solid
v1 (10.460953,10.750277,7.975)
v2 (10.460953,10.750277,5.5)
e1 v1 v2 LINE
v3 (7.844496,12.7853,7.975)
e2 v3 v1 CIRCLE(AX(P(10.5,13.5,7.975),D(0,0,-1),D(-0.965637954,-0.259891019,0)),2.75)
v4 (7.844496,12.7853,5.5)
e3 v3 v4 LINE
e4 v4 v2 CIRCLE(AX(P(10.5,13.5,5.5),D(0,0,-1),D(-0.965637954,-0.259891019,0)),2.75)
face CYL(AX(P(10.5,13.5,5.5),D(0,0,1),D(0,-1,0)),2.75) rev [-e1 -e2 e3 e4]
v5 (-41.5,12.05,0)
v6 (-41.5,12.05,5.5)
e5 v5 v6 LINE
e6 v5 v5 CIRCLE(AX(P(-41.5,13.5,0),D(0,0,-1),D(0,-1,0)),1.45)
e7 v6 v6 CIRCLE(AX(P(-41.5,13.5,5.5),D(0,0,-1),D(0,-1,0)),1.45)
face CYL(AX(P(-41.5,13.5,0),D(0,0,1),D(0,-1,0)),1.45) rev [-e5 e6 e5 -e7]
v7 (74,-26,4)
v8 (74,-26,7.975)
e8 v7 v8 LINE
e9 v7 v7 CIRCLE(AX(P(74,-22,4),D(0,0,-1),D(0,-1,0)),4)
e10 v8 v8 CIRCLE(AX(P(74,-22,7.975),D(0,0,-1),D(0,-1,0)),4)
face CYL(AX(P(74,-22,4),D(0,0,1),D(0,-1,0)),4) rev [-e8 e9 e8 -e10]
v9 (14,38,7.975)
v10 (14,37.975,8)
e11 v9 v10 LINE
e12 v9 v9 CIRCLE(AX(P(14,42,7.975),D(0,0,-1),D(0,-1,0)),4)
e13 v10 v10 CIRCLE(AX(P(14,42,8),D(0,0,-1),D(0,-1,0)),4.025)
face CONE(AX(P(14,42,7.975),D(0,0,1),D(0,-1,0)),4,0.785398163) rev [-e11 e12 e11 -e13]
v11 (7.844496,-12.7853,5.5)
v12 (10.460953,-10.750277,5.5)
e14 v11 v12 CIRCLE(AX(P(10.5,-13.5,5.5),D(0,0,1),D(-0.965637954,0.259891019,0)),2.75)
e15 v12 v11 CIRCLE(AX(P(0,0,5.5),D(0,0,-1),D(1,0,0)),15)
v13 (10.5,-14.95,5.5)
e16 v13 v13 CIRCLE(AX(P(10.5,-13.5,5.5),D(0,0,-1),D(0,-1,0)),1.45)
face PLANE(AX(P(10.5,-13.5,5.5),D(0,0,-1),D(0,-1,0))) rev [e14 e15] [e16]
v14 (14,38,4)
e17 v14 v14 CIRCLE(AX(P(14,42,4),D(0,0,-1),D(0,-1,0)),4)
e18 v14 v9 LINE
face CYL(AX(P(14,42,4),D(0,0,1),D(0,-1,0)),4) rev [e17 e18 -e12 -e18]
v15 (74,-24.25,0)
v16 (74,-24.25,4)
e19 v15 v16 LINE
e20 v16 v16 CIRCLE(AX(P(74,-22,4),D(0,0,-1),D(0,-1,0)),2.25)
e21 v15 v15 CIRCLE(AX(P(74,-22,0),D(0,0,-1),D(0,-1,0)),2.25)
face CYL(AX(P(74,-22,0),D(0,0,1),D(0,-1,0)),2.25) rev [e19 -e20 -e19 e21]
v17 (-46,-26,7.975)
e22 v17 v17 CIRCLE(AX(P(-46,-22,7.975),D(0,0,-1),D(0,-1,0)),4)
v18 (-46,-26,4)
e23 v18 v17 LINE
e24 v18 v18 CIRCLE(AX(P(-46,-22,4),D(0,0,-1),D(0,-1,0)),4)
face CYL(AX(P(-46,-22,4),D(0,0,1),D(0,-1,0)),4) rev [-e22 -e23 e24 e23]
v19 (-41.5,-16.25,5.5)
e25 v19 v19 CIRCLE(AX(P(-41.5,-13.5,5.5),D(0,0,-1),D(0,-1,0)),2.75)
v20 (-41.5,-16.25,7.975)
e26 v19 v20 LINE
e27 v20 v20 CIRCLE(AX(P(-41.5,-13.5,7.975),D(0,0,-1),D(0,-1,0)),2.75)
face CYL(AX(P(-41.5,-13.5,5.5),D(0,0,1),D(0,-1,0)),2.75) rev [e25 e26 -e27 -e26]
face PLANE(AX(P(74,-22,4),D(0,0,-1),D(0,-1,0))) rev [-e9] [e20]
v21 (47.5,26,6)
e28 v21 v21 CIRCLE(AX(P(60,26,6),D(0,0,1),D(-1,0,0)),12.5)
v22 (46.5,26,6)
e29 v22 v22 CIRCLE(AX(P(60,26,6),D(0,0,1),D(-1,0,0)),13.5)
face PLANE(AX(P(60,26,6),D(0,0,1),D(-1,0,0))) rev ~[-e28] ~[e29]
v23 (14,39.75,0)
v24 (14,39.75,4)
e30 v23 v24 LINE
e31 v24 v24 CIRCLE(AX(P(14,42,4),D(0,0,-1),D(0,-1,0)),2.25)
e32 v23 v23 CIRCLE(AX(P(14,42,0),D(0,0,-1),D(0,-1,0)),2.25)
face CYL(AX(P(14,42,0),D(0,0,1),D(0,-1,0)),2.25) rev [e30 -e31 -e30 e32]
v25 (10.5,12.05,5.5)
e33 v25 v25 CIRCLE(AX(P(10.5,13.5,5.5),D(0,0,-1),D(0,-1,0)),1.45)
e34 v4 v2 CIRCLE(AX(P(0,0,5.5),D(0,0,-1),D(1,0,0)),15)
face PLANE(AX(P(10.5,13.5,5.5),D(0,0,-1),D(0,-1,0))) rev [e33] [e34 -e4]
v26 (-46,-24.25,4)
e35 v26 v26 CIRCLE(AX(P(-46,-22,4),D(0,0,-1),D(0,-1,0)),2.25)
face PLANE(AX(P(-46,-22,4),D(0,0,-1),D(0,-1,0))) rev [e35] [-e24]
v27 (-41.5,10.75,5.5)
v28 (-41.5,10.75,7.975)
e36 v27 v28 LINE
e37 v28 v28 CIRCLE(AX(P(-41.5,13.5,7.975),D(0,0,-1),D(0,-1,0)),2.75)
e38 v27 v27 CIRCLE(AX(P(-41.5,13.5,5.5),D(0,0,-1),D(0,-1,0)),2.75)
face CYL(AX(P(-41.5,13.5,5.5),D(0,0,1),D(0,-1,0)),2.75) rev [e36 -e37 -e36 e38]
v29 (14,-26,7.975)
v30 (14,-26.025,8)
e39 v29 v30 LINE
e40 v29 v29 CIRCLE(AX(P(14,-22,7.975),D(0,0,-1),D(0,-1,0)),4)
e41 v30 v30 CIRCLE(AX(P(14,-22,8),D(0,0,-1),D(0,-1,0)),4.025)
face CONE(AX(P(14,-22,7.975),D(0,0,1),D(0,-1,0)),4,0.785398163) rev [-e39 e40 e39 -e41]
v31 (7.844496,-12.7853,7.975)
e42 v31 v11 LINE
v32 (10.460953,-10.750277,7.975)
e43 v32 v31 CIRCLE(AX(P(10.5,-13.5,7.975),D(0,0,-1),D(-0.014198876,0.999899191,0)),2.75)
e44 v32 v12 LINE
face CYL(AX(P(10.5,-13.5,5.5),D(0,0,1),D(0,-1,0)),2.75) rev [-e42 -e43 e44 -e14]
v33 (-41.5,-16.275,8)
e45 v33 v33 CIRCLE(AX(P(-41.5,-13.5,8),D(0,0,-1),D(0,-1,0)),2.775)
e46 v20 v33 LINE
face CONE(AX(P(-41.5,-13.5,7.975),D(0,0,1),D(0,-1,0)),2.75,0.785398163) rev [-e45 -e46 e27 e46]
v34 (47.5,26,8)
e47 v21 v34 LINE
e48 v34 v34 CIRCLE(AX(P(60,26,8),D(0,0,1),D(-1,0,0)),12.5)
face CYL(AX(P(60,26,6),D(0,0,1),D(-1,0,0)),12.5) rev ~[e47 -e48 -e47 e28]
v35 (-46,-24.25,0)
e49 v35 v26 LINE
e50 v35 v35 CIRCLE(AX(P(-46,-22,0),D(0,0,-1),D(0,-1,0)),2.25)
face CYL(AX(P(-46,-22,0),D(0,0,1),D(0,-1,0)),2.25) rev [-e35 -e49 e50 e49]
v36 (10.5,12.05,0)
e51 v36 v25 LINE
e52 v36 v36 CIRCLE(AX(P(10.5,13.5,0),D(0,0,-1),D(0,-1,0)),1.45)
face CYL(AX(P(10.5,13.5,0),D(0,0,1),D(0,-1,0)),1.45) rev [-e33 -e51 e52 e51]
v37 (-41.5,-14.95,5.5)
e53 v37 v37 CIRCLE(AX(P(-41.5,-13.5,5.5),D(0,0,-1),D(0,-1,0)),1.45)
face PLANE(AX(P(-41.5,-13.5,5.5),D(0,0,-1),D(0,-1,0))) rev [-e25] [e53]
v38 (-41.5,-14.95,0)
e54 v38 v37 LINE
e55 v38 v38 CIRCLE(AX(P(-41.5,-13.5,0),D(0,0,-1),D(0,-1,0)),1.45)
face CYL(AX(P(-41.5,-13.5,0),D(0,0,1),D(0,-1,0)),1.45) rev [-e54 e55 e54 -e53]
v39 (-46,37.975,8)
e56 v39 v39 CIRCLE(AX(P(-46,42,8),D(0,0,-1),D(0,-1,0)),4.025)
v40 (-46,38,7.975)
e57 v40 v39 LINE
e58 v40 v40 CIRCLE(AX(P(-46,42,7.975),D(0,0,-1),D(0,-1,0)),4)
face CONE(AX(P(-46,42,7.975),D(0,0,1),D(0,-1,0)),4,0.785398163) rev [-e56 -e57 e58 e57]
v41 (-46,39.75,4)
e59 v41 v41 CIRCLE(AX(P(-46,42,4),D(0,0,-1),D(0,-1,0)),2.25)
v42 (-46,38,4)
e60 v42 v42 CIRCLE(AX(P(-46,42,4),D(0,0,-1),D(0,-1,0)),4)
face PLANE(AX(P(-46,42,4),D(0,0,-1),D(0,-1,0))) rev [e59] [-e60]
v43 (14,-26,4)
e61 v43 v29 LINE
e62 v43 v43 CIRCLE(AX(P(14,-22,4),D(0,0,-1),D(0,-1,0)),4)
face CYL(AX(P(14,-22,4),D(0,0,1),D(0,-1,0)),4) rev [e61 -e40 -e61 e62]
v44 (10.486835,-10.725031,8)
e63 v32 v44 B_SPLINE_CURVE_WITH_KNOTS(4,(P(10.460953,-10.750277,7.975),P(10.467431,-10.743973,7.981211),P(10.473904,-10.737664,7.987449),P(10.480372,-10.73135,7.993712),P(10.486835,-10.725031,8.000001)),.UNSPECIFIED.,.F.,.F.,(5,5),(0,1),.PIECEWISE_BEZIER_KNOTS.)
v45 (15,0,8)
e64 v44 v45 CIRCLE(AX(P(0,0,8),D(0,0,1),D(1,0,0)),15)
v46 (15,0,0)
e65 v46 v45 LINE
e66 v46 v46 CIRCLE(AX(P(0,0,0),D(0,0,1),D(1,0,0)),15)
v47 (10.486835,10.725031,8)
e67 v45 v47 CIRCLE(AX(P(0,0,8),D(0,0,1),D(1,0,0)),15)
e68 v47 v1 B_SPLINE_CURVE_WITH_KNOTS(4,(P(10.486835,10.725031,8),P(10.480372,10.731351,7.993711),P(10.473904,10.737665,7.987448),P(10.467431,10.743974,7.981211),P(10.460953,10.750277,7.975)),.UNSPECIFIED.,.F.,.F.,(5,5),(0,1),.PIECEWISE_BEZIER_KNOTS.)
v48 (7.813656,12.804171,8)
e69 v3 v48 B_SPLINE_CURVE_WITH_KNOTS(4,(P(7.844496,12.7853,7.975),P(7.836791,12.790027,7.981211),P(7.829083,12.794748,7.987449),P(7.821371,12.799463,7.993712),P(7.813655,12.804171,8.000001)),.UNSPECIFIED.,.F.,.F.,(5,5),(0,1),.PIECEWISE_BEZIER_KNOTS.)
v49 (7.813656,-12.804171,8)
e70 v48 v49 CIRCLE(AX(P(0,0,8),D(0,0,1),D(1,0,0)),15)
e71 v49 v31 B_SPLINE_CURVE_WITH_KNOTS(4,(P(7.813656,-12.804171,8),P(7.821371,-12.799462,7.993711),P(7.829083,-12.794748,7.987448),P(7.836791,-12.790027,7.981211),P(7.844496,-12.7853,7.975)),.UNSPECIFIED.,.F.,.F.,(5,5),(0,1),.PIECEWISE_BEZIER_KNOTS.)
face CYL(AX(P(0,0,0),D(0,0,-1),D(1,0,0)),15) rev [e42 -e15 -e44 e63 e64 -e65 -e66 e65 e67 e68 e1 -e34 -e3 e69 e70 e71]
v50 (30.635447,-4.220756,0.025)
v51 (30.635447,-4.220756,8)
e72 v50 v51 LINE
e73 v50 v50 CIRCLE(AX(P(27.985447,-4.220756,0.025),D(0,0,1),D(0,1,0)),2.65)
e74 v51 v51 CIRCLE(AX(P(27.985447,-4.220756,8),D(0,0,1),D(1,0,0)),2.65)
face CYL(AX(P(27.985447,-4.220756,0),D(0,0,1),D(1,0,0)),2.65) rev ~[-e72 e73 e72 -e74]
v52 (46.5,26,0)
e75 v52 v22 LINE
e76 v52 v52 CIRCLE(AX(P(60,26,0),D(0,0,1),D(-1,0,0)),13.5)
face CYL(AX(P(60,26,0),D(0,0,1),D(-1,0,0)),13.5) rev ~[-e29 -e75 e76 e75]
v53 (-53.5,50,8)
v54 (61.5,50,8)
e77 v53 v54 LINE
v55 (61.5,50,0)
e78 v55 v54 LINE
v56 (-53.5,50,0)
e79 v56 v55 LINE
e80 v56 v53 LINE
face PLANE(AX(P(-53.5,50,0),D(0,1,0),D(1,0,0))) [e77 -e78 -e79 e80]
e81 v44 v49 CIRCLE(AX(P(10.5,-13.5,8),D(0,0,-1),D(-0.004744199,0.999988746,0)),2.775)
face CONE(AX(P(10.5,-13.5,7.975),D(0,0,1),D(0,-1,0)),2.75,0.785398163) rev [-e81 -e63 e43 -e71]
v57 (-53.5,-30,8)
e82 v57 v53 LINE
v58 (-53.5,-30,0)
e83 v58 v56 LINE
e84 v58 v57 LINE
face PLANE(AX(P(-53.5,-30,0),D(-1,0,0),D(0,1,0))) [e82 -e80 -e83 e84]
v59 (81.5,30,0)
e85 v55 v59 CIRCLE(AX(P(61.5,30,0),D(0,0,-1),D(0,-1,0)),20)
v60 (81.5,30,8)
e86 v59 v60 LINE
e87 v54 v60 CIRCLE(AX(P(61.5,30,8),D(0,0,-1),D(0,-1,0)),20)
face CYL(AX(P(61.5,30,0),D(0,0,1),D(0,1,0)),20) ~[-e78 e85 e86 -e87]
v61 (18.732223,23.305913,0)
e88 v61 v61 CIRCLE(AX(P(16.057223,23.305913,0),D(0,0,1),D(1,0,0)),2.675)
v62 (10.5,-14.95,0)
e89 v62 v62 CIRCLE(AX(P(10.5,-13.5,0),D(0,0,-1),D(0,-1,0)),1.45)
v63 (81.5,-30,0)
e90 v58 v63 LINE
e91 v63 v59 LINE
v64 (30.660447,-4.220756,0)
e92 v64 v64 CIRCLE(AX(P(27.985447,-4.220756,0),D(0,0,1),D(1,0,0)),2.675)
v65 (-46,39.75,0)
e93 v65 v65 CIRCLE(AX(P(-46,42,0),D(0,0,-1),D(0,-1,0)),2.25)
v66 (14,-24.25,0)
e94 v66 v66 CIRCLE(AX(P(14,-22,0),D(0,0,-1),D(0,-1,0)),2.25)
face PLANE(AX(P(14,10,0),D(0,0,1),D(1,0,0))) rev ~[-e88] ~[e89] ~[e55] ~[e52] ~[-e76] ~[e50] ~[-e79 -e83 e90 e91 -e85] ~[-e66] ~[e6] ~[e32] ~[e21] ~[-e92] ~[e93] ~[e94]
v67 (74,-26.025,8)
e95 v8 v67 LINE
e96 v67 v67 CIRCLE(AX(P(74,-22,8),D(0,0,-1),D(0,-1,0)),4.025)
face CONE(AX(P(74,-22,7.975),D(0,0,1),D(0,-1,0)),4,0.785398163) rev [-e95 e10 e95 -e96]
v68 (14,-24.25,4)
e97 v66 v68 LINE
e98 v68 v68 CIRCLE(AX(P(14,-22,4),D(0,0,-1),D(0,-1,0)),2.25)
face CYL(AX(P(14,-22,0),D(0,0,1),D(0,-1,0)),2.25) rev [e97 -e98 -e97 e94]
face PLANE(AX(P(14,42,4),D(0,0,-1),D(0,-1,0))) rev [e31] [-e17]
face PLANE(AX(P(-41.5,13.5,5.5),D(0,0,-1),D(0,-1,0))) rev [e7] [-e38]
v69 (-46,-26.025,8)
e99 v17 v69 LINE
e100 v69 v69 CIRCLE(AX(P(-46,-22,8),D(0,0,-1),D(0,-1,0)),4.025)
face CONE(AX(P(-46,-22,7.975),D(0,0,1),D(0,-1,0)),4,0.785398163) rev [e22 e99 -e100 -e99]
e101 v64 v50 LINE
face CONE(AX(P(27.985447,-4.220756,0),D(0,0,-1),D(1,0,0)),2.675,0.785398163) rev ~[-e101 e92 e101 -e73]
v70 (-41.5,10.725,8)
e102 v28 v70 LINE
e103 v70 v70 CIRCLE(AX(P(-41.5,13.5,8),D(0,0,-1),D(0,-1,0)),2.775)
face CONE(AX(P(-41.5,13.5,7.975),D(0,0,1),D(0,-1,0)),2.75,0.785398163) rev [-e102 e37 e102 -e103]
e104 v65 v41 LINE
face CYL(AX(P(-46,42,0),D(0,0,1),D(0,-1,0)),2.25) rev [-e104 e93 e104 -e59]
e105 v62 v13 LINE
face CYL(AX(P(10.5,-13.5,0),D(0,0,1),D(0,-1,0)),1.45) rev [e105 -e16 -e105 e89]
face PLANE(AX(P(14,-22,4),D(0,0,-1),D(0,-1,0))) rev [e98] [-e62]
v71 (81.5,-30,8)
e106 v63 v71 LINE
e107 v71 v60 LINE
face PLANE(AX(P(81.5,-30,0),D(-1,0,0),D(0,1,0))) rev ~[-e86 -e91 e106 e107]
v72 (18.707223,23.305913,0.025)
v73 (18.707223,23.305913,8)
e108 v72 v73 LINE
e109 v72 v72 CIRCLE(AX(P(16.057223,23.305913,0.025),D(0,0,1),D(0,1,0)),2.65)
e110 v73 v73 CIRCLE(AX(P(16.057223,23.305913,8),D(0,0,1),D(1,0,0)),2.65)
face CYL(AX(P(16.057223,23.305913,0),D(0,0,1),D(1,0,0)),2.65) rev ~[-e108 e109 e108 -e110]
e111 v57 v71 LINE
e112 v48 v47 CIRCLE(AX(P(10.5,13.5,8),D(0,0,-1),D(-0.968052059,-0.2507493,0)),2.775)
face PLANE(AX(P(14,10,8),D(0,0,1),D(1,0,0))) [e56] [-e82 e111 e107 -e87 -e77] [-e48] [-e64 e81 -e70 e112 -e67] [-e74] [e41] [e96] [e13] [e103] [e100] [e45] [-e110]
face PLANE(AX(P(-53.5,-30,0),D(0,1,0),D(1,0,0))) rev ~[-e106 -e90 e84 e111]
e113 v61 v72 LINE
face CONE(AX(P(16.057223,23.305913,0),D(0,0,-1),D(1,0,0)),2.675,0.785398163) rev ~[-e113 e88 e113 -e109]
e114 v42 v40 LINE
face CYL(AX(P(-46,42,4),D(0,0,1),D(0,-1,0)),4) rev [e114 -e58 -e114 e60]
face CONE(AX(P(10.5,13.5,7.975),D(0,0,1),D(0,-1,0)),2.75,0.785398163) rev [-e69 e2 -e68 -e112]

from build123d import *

# Parameters (mm, degrees)
SKETCH1_W                       = 135
SKETCH1_H                       = 80
SKETCH1_R                       = 15
BOSS_EXTRUDE1_DEPTH             = 8
CBORE_FOR_M2_5_SHCS1_AT_2_COUNT = 2
CBORE_FOR_M2_5_SHCS1_AT_2_PITCH = 52
CBORE_FOR_M2_5_SHCS1_AT_3_COUNT = 2
CBORE_FOR_M2_5_SHCS1_AT_3_PITCH = 58.591808301
CBORE_FOR_M2_5_SHCS1_AT_4_COUNT = 2
CBORE_FOR_M2_5_SHCS1_AT_4_PITCH = 27
M5_CLEARANCE_HOLE1_D            = 5.3
M5_CLEARANCE_HOLE1_CSINK_D      = 5.35
M5_CLEARANCE_HOLE1_CSINK_ANGLE  = 90
CBORE_FOR_M4_SHCS1_AT_2_COUNT   = 2
CBORE_FOR_M4_SHCS1_AT_2_PITCH   = 60
CBORE_FOR_M4_SHCS1_AT_3_COUNT   = 2
CBORE_FOR_M4_SHCS1_AT_3_PITCH   = 120
CBORE_FOR_M4_SHCS1_AT_4_COUNT   = 2
CBORE_FOR_M4_SHCS1_AT_4_PITCH   = 64
CBORE_FOR_M4_SHCS1_AT_5_COUNT   = 2
CBORE_FOR_M4_SHCS1_AT_5_PITCH   = 87.726848798
FILLET1_R                       = 20


with BuildPart() as part:
    # Sketch1 → Boss-Extrude1 (new body)
    with BuildSketch(Plane.XY):
        with Locations((14, 10)):
            Rectangle(SKETCH1_W, SKETCH1_H)
        Circle(SKETCH1_R, mode=Mode.SUBTRACT)
    extrude(amount=BOSS_EXTRUDE1_DEPTH)

    # Sketch3 → CBORE for M2.5 SHCS1 (revolve, cut)
    with BuildSketch(Plane(origin=(10.5, 13.5, 8), x_dir=(0, -1, 0), z_dir=(1, 0, 0))):
        Polygon((0, 0), (0, 8), (1.45, 8), (1.45, 2.5), (2.75, 2.5), (2.75, 0.025), (2.775, 0), align=None)
    cbore_for_m2_5_shcs1 = revolve(axis=Axis((10.5, 13.5, 14.35), (0, 0, -1)), mode=Mode.SUBTRACT)

    # CBORE for M2.5 SHCS1 at 2: CBORE for M2.5 SHCS1 ×2
    with Locations(*[(-i * CBORE_FOR_M2_5_SHCS1_AT_2_PITCH, 0, 0) for i in range(1, CBORE_FOR_M2_5_SHCS1_AT_2_COUNT)]):
        add(cbore_for_m2_5_shcs1, mode=Mode.SUBTRACT)

    # CBORE for M2.5 SHCS1 at 3: CBORE for M2.5 SHCS1 ×2
    with Locations(*[Vector(-0.8874960768017396, -0.4608152706470573, 0) * (i * CBORE_FOR_M2_5_SHCS1_AT_3_PITCH) for i in range(1, CBORE_FOR_M2_5_SHCS1_AT_3_COUNT)]):
        add(cbore_for_m2_5_shcs1, mode=Mode.SUBTRACT)

    # CBORE for M2.5 SHCS1 at 4: CBORE for M2.5 SHCS1 ×2
    with Locations(*[(0, -i * CBORE_FOR_M2_5_SHCS1_AT_4_PITCH, 0) for i in range(1, CBORE_FOR_M2_5_SHCS1_AT_4_COUNT)]):
        add(cbore_for_m2_5_shcs1, mode=Mode.SUBTRACT)

    # Sketch4 → Cut-Revolve1 (revolve, cut)
    with BuildSketch(Plane(origin=(60, 0, 0), x_dir=(0, 0, -1), z_dir=(1, 0, 0))):
        Polygon((-8, 26), (0, 26), (0, 39.5), (-6, 39.5), (-6, 38.5), (-8, 38.5), align=None)
    revolve(axis=Axis((60, 26, 0), (0, 0, 1)), mode=Mode.SUBTRACT)

    # M5 Clearance Hole1 (through all)
    with Locations(Plane(origin=(0, 0, 0), x_dir=(-1, 0, 0), z_dir=(0, 0, -1))):
        with Locations((-16.057223443, 23.305912883), (-27.985446572, -4.220755876)):
            CounterSinkHole(M5_CLEARANCE_HOLE1_D / 2, M5_CLEARANCE_HOLE1_CSINK_D / 2, counter_sink_angle=M5_CLEARANCE_HOLE1_CSINK_ANGLE)

    # Sketch13 → CBORE for M4 SHCS1 (revolve, cut)
    with BuildSketch(Plane(origin=(-46, -22, 8), x_dir=(0, -1, 0), z_dir=(1, 0, 0))):
        Polygon((0, 0), (0, 8), (2.25, 8), (2.25, 4), (4, 4), (4, 0.025), (4.025, 0), align=None)
    cbore_for_m4_shcs1 = revolve(axis=Axis((-46, -22, 14.35), (0, 0, -1)), mode=Mode.SUBTRACT)

    # CBORE for M4 SHCS1 at 2: CBORE for M4 SHCS1 ×2
    with Locations(*[(i * CBORE_FOR_M4_SHCS1_AT_2_PITCH, 0, 0) for i in range(1, CBORE_FOR_M4_SHCS1_AT_2_COUNT)]):
        add(cbore_for_m4_shcs1, mode=Mode.SUBTRACT)

    # CBORE for M4 SHCS1 at 3: CBORE for M4 SHCS1 ×2
    with Locations(*[(i * CBORE_FOR_M4_SHCS1_AT_3_PITCH, 0, 0) for i in range(1, CBORE_FOR_M4_SHCS1_AT_3_COUNT)]):
        add(cbore_for_m4_shcs1, mode=Mode.SUBTRACT)

    # CBORE for M4 SHCS1 at 4: CBORE for M4 SHCS1 ×2
    with Locations(*[(0, i * CBORE_FOR_M4_SHCS1_AT_4_PITCH, 0) for i in range(1, CBORE_FOR_M4_SHCS1_AT_4_COUNT)]):
        add(cbore_for_m4_shcs1, mode=Mode.SUBTRACT)

    # CBORE for M4 SHCS1 at 5: CBORE for M4 SHCS1 ×2
    with Locations(*[Vector(0.6839411288813297, 0.7295372041400852, 0) * (i * CBORE_FOR_M4_SHCS1_AT_5_PITCH) for i in range(1, CBORE_FOR_M4_SHCS1_AT_5_COUNT)]):
        add(cbore_for_m4_shcs1, mode=Mode.SUBTRACT)

    # Fillet1
    fillet1_edges = [part.edges().sort_by_distance(p)[0] for p in [
        (81.5, 50, 4),
    ]]
    fillet(fillet1_edges, radius=FILLET1_R)


solid = part.part
